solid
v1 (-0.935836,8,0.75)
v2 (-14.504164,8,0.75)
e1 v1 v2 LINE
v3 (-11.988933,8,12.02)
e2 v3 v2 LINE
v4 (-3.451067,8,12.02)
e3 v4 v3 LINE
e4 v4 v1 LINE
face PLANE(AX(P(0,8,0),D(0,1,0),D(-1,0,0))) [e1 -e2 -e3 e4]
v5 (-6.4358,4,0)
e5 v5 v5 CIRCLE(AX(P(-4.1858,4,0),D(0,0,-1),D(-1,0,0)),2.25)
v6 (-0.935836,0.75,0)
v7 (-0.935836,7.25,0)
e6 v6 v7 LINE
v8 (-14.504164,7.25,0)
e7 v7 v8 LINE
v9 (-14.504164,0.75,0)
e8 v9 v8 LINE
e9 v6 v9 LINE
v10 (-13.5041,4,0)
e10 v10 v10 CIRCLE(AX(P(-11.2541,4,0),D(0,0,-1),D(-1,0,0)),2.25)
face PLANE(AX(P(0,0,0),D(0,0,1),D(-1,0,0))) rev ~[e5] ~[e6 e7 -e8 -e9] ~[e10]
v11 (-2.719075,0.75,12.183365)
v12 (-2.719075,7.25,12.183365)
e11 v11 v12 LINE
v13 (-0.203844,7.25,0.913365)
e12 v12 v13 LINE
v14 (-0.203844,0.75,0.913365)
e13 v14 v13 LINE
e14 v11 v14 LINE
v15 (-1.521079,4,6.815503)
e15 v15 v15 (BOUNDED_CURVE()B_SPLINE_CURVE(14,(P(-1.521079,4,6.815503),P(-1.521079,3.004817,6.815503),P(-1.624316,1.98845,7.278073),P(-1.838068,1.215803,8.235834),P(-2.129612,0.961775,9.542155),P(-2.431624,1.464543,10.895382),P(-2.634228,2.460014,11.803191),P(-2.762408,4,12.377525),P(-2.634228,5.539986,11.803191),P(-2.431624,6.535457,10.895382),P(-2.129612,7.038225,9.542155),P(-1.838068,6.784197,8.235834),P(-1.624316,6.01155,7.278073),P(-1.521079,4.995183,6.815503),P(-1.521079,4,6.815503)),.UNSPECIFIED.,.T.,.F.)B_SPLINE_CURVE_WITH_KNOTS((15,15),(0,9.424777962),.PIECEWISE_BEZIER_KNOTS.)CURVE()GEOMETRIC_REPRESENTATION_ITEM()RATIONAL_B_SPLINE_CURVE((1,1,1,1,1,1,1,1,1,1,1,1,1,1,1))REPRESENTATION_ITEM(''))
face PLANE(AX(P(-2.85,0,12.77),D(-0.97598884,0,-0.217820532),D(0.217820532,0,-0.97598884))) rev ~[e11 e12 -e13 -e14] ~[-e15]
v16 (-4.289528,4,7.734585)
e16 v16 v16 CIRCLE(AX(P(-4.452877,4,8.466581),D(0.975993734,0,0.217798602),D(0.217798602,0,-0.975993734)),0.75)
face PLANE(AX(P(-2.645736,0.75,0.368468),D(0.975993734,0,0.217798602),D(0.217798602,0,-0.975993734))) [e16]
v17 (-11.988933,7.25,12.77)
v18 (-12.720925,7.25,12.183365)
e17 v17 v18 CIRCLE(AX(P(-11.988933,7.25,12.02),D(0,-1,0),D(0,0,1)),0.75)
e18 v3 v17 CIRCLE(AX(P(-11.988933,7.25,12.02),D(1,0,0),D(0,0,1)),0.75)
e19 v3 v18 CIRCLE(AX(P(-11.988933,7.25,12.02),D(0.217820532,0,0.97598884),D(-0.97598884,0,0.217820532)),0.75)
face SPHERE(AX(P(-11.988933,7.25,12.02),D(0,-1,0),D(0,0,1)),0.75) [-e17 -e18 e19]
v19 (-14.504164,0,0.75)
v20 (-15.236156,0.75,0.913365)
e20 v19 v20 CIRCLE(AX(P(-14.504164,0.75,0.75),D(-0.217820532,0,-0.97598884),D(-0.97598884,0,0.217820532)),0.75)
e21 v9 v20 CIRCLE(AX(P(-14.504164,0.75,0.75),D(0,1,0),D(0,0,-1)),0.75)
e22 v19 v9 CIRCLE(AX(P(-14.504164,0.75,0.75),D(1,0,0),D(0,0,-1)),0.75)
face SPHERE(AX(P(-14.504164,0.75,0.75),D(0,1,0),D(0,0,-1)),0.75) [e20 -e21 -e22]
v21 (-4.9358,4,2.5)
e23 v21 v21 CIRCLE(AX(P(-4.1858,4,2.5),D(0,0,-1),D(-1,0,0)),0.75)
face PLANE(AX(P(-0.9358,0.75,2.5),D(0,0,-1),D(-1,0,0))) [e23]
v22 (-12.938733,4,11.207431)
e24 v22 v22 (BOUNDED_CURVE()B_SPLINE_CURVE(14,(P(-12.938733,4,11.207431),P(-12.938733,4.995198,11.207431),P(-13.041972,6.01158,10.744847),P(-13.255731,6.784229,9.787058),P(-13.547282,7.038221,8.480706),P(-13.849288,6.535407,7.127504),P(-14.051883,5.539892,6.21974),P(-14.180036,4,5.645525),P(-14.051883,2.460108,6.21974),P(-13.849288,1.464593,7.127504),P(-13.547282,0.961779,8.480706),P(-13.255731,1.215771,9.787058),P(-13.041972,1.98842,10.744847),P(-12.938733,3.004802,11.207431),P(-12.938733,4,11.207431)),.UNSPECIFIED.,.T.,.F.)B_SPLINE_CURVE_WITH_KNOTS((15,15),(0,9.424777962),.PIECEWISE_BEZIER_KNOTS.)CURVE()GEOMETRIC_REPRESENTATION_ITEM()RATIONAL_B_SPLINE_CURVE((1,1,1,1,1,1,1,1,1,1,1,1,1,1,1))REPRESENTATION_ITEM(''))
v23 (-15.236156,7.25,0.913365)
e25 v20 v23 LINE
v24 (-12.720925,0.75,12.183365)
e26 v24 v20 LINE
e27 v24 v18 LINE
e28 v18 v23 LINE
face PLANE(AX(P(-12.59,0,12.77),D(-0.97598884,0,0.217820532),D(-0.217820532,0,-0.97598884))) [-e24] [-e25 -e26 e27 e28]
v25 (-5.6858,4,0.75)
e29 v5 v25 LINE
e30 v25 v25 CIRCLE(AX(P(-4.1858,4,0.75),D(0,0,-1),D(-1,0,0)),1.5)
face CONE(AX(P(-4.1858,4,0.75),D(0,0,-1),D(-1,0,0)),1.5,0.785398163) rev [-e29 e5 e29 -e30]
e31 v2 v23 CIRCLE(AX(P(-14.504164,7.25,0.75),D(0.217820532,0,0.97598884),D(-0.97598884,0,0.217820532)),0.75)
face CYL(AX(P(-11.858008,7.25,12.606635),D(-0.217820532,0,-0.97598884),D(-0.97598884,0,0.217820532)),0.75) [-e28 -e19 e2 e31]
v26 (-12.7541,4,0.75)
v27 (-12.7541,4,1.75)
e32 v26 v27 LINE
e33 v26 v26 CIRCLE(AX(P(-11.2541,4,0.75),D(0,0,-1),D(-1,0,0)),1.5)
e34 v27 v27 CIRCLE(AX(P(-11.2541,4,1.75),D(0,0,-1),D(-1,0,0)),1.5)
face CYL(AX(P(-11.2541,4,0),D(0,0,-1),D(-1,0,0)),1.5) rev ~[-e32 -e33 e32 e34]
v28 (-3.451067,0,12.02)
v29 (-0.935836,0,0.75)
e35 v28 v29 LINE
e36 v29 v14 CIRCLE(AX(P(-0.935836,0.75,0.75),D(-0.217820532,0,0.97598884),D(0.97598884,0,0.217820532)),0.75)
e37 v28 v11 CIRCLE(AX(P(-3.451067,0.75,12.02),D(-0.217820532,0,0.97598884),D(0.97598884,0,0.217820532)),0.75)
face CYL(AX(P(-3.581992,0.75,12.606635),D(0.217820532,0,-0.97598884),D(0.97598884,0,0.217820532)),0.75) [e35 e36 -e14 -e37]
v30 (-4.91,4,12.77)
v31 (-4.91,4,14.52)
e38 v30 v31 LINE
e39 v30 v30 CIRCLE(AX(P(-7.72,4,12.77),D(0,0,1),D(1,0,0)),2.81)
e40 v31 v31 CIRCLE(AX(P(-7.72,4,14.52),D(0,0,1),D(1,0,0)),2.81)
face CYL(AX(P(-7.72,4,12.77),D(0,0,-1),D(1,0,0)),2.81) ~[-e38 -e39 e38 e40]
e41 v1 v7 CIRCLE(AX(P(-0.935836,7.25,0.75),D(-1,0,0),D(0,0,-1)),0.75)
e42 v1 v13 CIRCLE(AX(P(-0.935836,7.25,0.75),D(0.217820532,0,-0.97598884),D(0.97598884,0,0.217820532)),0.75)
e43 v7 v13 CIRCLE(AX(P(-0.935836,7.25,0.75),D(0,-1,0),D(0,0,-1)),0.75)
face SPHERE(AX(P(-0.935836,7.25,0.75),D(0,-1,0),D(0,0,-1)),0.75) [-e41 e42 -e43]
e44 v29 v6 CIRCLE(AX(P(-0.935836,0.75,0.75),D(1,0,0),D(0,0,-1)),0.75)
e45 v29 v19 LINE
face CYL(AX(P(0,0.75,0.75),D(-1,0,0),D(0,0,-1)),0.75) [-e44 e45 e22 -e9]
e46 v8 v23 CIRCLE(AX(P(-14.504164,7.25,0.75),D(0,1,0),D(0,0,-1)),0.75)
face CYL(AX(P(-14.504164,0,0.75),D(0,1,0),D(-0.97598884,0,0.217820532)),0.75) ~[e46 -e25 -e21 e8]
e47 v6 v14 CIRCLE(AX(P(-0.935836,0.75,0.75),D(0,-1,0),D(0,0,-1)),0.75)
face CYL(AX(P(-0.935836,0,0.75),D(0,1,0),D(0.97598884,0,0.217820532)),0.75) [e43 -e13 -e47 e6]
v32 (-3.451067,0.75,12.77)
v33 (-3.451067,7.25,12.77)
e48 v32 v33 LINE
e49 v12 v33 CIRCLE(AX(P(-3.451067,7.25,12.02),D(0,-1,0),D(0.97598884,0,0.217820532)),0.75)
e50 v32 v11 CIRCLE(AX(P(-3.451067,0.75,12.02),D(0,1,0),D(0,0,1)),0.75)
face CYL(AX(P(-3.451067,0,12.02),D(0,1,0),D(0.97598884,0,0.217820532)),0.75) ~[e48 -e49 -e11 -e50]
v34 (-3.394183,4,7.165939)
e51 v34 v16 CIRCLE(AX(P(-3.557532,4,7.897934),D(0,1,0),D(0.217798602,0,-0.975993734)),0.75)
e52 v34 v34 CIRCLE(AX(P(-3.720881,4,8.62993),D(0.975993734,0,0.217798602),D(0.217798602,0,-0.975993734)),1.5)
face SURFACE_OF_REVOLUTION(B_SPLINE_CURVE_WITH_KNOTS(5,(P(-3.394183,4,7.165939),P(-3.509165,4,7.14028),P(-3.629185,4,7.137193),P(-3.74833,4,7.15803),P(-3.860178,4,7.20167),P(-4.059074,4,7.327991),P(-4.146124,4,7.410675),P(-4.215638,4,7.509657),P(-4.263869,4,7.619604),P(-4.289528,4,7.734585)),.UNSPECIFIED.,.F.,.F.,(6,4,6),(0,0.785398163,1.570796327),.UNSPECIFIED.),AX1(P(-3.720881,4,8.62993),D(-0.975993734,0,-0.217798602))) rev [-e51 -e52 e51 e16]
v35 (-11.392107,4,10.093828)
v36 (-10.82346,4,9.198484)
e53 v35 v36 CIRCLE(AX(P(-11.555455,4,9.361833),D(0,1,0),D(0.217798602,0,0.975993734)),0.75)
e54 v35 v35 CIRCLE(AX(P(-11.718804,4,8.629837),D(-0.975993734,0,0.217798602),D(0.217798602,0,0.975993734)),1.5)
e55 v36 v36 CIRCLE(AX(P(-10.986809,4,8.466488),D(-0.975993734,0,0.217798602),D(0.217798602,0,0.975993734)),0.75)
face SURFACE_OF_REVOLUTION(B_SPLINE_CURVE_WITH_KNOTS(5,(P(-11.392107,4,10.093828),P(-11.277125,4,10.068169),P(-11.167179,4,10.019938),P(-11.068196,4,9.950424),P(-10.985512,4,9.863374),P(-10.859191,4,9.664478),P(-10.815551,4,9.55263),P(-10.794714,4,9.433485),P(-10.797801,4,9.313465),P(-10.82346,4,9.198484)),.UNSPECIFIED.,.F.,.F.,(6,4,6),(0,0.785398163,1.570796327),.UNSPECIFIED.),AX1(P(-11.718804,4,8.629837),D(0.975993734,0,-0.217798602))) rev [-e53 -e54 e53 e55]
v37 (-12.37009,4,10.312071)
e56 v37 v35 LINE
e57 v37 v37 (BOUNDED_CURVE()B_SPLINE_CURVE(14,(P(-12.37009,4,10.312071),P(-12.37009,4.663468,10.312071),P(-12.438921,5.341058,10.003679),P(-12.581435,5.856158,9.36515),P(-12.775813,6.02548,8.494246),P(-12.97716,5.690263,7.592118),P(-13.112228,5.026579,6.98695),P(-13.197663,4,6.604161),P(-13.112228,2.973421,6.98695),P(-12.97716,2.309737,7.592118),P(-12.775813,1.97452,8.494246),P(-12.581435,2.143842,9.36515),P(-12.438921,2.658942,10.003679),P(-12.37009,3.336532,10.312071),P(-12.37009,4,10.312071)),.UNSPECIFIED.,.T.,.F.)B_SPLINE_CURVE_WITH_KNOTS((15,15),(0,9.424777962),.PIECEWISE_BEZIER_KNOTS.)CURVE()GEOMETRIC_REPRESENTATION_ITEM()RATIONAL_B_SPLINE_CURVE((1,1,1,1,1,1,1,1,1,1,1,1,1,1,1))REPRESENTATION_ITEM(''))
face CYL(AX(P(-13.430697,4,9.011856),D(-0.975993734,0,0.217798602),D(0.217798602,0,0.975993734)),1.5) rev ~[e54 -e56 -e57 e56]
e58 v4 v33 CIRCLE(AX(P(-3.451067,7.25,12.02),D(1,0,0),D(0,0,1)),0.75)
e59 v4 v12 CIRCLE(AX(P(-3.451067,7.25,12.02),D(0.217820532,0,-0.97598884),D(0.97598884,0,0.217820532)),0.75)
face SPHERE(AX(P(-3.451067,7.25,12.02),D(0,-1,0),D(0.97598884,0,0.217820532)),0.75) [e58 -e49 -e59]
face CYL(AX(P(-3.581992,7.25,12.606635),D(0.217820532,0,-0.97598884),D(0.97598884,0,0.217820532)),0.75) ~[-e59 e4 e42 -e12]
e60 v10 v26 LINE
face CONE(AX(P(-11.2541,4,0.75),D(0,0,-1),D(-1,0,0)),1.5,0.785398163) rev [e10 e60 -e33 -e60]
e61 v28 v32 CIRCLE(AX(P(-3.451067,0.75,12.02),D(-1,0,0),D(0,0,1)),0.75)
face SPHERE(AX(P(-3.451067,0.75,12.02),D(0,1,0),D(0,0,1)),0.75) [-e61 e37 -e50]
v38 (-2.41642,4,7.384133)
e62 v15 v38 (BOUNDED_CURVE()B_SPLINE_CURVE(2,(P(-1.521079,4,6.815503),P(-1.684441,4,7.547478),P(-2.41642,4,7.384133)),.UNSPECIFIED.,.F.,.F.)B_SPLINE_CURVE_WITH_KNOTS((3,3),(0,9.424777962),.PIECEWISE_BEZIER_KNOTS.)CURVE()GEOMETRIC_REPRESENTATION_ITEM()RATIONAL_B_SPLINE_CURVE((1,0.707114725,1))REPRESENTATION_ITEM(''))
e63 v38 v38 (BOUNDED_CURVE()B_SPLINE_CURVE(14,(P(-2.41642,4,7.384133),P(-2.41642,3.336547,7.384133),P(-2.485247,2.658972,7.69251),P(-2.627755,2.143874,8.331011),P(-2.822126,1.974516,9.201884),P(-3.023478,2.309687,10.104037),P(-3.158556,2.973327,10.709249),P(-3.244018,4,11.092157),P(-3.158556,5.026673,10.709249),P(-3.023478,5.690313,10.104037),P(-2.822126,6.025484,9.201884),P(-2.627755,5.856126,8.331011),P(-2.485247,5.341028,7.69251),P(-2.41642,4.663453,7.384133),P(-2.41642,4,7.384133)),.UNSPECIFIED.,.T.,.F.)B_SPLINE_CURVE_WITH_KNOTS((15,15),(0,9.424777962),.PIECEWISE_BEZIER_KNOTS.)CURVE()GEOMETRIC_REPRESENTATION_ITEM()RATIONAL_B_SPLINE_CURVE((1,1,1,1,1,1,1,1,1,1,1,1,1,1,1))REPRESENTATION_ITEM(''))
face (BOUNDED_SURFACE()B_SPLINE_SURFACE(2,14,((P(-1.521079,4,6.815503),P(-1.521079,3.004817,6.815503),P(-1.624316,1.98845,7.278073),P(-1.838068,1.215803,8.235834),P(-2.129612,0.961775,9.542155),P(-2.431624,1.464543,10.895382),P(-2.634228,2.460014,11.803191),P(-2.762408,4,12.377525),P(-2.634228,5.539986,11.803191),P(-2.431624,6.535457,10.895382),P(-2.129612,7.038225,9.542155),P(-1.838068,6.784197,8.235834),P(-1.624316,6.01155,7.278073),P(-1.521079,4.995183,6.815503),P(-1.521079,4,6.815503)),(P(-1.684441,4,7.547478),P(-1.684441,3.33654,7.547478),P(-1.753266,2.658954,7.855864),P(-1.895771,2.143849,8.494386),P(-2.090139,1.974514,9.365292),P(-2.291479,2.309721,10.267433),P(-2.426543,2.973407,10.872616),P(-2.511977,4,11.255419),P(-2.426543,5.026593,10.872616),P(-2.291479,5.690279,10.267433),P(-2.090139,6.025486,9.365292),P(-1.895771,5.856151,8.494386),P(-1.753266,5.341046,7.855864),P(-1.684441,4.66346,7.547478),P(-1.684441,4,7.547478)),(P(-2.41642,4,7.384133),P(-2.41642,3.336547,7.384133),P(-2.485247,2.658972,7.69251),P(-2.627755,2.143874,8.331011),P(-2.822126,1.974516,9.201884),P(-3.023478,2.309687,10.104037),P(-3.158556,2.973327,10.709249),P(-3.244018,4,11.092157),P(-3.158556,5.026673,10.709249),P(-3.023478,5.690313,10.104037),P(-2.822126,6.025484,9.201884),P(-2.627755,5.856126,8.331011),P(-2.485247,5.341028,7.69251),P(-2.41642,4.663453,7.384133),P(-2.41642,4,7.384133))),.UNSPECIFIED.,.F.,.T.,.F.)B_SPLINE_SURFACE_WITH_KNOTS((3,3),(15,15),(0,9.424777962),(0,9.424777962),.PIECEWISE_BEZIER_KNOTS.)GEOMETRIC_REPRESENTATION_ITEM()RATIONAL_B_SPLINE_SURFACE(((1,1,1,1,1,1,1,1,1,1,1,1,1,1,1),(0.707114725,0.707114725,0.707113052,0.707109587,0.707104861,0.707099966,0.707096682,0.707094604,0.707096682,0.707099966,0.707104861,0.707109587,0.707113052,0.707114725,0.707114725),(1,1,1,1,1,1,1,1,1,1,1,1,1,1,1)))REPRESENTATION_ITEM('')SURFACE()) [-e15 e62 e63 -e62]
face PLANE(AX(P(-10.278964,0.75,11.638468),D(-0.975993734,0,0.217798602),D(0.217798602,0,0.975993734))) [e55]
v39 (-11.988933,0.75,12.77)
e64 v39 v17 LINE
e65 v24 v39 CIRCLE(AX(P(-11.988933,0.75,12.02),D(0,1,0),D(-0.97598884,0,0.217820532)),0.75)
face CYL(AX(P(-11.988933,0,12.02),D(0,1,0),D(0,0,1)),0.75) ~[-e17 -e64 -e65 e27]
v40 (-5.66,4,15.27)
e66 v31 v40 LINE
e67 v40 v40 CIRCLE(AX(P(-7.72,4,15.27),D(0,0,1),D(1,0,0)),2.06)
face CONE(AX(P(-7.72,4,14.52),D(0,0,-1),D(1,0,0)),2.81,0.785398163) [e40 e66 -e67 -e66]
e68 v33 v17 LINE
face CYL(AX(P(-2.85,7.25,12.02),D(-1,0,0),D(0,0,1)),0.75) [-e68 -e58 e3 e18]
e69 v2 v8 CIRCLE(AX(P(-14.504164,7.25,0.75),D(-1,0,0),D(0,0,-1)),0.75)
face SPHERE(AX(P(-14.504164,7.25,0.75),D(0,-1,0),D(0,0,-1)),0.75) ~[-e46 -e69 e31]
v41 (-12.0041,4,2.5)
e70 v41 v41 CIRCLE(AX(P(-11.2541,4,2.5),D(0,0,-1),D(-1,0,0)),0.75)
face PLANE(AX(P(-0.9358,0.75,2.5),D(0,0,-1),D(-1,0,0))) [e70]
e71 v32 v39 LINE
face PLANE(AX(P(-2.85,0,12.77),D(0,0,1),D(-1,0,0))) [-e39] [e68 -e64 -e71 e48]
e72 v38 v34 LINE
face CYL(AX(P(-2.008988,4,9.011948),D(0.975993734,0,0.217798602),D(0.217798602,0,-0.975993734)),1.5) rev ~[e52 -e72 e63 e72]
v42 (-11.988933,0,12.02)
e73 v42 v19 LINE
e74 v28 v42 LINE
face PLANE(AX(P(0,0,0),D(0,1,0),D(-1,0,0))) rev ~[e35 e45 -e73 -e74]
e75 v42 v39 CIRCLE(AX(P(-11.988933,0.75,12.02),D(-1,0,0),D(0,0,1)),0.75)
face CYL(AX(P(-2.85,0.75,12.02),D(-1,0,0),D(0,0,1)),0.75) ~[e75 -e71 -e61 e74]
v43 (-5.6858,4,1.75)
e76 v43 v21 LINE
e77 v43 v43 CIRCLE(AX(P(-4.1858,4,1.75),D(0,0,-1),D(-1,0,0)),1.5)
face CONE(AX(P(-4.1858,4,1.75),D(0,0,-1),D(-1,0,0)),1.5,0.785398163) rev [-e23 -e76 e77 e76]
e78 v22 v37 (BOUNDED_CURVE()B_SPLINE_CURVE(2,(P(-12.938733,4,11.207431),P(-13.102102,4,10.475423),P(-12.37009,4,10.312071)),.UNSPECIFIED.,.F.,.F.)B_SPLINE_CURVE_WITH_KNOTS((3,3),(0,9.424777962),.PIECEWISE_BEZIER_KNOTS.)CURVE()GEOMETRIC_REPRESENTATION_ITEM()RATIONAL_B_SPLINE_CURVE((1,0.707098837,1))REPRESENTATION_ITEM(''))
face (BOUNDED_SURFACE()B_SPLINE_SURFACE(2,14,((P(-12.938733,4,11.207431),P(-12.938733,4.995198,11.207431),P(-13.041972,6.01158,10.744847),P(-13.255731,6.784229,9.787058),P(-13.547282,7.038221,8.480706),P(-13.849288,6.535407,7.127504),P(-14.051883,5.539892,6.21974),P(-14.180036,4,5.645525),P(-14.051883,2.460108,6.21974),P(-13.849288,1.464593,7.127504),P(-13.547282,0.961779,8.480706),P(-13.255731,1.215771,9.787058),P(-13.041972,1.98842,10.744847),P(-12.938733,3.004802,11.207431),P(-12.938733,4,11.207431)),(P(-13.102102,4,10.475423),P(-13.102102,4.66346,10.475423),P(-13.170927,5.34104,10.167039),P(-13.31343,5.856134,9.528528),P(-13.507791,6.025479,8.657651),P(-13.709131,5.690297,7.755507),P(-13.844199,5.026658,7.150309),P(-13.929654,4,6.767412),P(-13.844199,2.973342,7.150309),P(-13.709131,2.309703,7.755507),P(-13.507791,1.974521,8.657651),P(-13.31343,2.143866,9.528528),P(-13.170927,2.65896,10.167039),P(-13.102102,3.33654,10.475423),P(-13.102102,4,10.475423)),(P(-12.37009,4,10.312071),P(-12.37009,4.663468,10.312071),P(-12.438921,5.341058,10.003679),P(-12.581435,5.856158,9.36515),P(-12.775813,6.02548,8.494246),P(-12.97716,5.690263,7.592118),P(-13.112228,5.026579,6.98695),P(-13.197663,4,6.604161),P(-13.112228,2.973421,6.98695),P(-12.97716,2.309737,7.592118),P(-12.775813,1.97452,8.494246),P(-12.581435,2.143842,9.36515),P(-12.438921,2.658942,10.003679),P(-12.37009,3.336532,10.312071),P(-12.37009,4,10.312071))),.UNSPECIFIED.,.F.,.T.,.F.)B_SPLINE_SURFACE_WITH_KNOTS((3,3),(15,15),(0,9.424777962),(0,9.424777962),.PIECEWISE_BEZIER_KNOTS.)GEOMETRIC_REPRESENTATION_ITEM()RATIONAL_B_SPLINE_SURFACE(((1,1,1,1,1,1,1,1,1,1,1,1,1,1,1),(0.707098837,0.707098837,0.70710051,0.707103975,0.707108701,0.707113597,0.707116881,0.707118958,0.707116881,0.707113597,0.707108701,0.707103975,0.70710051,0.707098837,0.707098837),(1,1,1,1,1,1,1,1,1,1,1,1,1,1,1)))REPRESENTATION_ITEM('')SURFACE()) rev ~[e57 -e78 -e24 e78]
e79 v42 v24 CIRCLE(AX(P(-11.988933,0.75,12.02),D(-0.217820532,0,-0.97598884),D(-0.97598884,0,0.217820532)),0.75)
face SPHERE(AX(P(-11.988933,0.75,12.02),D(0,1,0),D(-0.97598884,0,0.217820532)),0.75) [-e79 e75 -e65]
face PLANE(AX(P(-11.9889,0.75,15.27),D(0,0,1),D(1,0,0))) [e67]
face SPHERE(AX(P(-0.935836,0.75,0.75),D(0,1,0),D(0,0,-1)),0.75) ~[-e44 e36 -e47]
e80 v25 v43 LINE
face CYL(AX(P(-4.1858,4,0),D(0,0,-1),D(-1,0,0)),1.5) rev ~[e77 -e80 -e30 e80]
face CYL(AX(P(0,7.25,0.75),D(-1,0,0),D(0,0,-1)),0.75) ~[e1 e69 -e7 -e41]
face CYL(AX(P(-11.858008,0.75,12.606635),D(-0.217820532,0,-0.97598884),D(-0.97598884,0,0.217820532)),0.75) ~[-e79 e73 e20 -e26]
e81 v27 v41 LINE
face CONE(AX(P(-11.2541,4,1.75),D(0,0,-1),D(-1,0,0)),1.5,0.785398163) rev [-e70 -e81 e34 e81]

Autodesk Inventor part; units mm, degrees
ref_plane "YZ Plane" through (0, 0, 0) normal (1, 0, 0) x (0, 1, 0)
ref_plane "XZ Plane" through (0, 0, 0) normal (0, 1, 0) x (-1, 0, 0)
ref_plane "XY Plane" through (0, 0, 0) normal (0, 0, 1) x (1, 0, 0)
sketch "Sketch1" plane through (0, 0, 0) normal (0, 1, 0) x (-1, 0, 0)
  line L0 (0, 0) -> (15.44, 0)
  line L1 (2.85, 12.77) -> (12.59, 12.77)
  line L2 (12.59, 12.77) -> (15.44, 0)
  line L3 (2.85, 12.77) -> (0, 0)
  dimension "d0" = 15.44
  dimension "d1" = 9.74
  dimension "d2" = 12.77
extrude "Body" add sketch "Sketch1" along normal blind 8
fillet "Edge" radius 0.75 12 edges at (-12.59, 4, 12.77) (-2.85, 4, 12.77) (0, 4, 0) (-15.44, 4, 0) (-7.72, 0, 0) (-7.72, 8, 0) (-14.015, 0, 6.385) (-7.72, 0, 12.77) (-1.425, 0, 6.385) (-1.425, 8, 6.385) (-7.72, 8, 12.77) (-14.015, 8, 6.385)
sketch "Sketch5" plane through (-11.9889, 0.75, 12.77) normal (0, 0, 1) x (1, 0, 0)
  circle A0 centre (4.2689, 3.25) radius 2.81
  point P0 (11.9889, -0.75)
  dimension "d9" = 5.62
extrude "Head Joint" add sketch "Sketch5" along normal blind 2.5
chamfer "Head Edge" distance 0.75 angle 45 1 edges at (-10.53, 4, 15.27)
sketch "Sketch6" plane through (-0.9358, 0.75, 0) normal (0, 0, -1) x (-1, 0, 0)
  line L0 (13.5683, 6.5) -> (13.5683, 0) projected
  line L1 (0, 0) -> (0, 6.5) projected
  circle A0 centre (3.25, 3.25) radius 1.5
  circle A1 centre (10.3183, 3.25) radius 1.5
  point P0 (-0.9358, -0.75)
  dimension "d15" = 3
  dimension "d16" = 3
  dimension "d17" = 3.25
  dimension "d18" = 3.25
extrude "Leg Joint" cut sketch "Sketch6" against normal blind 2.5
chamfer "Leg Edge" distance 0.75 angle 45 4 edges at (-2.6858, 4, 0) (-9.7542, 4, 0) (-9.7542, 4, 2.5) (-2.6858, 4, 2.5)
sketch "Sketch7" plane through (-0.2038, 0.75, 0.9134) normal (0.976, 0, 0.2178) x (0.2178, 0, -0.976)
  line L0 (-11.5473, 0) -> (-11.5473, 6.5) projected
  circle A0 centre (-8.2973, 3.25) radius 1.5
  point P0 (0.9358, -0.75)
  dimension "d24" = 3
  dimension "d25" = 3.25
extrude "Arm Joint1" cut sketch "Sketch7" against normal blind 2.5
fillet "Arm Edge1" radius 0.75 2 edges at (-4.7798, 4, 9.9304) (-2.3379, 4, 10.4754)
sketch "Sketch8" plane through (-12.7209, 0.75, 12.1834) normal (-0.976, 0, 0.2178) x (0.2178, 0, 0.976)
  line L0 (0, 6.5) -> (0, 0) projected
  circle A0 centre (-3.25, 3.25) radius 1.5
  point P0 (-9.12, -0.75)
  dimension "d29" = 3
  dimension "d30" = 3.25
extrude "Arm Joint2" cut sketch "Sketch8" against normal blind 2.5
fillet "Arm Edge2" radius 0.75 2 edges at (-13.7556, 4, 7.5474) (-11.3136, 4, 7.0024)
properties part number "Lego Body"
